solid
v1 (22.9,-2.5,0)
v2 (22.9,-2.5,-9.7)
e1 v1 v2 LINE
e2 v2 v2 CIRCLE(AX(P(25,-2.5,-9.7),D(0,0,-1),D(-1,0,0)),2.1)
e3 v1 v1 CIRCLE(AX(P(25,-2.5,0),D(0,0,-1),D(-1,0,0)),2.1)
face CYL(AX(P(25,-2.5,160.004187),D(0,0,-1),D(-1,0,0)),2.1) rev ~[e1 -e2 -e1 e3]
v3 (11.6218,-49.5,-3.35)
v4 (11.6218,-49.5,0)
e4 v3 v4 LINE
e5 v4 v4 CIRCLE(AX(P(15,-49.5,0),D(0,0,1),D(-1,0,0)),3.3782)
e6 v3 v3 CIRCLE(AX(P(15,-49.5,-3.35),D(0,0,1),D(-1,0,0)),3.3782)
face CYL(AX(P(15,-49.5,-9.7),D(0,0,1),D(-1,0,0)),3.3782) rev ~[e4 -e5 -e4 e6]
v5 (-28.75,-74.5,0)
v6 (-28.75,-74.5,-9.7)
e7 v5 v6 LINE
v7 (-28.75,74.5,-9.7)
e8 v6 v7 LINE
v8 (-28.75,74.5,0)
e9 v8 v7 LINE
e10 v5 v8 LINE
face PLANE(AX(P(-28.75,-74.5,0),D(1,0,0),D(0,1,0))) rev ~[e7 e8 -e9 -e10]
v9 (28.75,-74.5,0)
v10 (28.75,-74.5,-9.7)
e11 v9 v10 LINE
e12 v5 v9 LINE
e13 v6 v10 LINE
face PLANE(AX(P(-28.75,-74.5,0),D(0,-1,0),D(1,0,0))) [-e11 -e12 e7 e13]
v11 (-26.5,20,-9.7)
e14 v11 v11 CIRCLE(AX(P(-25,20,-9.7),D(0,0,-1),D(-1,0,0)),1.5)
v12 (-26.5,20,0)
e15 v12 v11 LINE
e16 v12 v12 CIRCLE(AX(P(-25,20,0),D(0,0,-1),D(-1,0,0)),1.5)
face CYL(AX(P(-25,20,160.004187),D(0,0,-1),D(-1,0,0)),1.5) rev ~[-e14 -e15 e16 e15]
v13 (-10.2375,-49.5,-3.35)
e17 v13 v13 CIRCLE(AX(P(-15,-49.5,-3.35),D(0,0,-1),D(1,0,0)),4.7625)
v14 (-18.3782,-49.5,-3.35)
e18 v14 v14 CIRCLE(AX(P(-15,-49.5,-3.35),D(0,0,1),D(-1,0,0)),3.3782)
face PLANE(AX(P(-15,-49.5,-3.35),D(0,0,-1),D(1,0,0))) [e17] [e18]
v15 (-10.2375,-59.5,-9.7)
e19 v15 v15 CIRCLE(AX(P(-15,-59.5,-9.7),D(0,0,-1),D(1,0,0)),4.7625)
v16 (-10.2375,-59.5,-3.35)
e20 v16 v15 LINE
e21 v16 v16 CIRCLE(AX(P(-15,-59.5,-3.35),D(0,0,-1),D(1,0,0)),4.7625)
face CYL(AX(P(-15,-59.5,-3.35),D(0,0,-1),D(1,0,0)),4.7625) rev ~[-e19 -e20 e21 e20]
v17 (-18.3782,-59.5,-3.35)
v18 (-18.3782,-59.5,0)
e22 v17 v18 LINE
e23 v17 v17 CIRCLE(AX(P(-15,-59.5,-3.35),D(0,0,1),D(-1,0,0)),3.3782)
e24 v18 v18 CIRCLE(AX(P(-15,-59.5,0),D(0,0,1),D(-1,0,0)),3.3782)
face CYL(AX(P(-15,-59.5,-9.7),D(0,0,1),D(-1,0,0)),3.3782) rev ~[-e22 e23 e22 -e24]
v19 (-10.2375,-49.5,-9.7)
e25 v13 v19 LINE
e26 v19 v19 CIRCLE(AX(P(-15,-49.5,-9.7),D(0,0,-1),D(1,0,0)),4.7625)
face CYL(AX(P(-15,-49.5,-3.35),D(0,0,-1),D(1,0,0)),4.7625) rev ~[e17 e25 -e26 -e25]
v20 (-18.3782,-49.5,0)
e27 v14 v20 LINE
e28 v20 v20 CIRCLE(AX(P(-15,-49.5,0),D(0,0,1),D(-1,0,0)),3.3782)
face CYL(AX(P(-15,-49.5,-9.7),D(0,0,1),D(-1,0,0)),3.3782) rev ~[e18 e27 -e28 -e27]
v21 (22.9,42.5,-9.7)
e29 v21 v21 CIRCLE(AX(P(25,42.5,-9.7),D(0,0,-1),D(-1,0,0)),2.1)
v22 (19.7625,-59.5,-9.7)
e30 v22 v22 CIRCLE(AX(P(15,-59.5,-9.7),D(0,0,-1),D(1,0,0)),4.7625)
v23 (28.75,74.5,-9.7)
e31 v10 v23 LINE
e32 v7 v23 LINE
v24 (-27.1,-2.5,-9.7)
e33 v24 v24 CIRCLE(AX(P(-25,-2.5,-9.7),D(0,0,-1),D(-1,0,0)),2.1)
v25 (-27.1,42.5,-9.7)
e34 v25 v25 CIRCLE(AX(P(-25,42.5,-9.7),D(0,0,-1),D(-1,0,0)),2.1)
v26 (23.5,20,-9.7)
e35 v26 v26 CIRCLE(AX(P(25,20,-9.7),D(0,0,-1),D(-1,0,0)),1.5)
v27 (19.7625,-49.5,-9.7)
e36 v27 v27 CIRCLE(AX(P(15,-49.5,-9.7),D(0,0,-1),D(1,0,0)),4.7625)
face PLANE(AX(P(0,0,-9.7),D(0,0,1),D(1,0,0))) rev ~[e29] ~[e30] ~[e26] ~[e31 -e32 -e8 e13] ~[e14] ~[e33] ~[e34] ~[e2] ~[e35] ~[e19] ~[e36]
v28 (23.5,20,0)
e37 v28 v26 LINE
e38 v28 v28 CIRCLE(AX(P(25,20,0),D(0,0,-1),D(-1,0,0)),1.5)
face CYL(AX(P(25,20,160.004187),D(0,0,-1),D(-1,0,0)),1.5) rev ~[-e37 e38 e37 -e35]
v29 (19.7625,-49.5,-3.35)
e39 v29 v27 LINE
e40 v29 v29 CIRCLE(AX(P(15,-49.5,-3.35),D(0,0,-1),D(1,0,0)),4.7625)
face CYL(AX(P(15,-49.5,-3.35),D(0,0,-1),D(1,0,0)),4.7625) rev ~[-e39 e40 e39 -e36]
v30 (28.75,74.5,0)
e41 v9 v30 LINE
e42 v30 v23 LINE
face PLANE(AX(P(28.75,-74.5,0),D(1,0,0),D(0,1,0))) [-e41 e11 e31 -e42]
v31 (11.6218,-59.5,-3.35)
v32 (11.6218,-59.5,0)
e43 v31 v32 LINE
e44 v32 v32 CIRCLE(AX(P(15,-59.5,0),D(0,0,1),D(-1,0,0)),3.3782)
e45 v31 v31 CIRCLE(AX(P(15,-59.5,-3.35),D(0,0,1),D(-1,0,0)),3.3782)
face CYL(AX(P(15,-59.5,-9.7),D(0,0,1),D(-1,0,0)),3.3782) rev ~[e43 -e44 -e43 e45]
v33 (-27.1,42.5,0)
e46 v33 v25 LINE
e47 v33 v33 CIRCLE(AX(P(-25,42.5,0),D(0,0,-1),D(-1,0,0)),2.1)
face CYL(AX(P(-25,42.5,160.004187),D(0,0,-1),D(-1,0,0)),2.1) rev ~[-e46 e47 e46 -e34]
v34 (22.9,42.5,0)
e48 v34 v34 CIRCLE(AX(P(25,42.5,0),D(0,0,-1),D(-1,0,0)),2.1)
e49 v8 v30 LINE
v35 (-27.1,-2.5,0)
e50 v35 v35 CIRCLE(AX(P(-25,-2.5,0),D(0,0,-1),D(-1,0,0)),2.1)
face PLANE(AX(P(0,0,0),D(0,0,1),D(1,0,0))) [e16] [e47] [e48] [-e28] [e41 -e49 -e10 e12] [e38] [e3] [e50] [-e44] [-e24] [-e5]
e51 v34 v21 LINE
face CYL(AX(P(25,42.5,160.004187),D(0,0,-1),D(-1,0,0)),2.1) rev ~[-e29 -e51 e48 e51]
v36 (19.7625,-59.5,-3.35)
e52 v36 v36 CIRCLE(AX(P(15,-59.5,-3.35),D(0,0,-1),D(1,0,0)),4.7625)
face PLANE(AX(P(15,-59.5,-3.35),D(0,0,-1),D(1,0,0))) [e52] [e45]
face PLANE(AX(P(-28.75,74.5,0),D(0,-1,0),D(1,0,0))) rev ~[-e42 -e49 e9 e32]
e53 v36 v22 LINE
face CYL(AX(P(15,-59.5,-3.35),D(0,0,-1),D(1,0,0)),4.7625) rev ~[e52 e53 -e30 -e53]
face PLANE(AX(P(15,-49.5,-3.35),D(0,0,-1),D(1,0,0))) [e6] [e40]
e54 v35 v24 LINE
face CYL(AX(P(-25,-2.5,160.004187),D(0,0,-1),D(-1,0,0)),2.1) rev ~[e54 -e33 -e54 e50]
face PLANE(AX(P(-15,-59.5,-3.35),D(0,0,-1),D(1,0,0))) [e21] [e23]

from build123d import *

# Parameters (mm, degrees)
F0_W           = 57.5
F0_H           = 149
F1_DEPTH       = 9.7
F2_D           = 4.2
F3_D           = 3
F5_D           = 6.7564
F5_DEPTH       = 20
F5_CBORE_D     = 9.525
F5_CBORE_DEPTH = 6.35
F5_TIP         = 2.0298273432
F6_D           = 6.7564
F6_DEPTH       = 20
F6_CBORE_D     = 9.525
F6_CBORE_DEPTH = 6.35
F6_TIP         = 2.0298273432


with BuildPart() as f1:
    # F0 (on Top) → F1 (new body)
    with BuildSketch(Plane.XY):
        Rectangle(F0_W, F0_H)
    extrude(amount=-F1_DEPTH)

    # F2 (through all)
    with Locations(Plane.XY):
        with Locations((-25, 42.5), (25, 42.5), (-25, -2.5), (25, -2.5)):
            Hole(F2_D / 2)

    # F3 (through all)
    with Locations(Plane.XY):
        with Locations((-25, 20), (25, 20)):
            Hole(F3_D / 2)

    # F5
    with Locations(Plane(origin=(0, 0, -9.7), x_dir=(1, 0, 0), z_dir=(0, 0, -1))):
        with Locations((-15, 49.5), (15, 49.5)):
            CounterBoreHole(F5_D / 2, F5_CBORE_D / 2, F5_CBORE_DEPTH, depth=F5_DEPTH)
            with Locations((0, 0, -(F5_DEPTH + F5_TIP / 2))):  # 118° drill point
                Cone(0, F5_D / 2, F5_TIP, mode=Mode.SUBTRACT)

    # F6
    with Locations(Plane(origin=(0, 0, -9.7), x_dir=(1, 0, 0), z_dir=(0, 0, -1))):
        with Locations((-15, 59.5), (15, 59.5)):
            CounterBoreHole(F6_D / 2, F6_CBORE_D / 2, F6_CBORE_DEPTH, depth=F6_DEPTH)
            with Locations((0, 0, -(F6_DEPTH + F6_TIP / 2))):  # 118° drill point
                Cone(0, F6_D / 2, F6_TIP, mode=Mode.SUBTRACT)


solid = f1.part
